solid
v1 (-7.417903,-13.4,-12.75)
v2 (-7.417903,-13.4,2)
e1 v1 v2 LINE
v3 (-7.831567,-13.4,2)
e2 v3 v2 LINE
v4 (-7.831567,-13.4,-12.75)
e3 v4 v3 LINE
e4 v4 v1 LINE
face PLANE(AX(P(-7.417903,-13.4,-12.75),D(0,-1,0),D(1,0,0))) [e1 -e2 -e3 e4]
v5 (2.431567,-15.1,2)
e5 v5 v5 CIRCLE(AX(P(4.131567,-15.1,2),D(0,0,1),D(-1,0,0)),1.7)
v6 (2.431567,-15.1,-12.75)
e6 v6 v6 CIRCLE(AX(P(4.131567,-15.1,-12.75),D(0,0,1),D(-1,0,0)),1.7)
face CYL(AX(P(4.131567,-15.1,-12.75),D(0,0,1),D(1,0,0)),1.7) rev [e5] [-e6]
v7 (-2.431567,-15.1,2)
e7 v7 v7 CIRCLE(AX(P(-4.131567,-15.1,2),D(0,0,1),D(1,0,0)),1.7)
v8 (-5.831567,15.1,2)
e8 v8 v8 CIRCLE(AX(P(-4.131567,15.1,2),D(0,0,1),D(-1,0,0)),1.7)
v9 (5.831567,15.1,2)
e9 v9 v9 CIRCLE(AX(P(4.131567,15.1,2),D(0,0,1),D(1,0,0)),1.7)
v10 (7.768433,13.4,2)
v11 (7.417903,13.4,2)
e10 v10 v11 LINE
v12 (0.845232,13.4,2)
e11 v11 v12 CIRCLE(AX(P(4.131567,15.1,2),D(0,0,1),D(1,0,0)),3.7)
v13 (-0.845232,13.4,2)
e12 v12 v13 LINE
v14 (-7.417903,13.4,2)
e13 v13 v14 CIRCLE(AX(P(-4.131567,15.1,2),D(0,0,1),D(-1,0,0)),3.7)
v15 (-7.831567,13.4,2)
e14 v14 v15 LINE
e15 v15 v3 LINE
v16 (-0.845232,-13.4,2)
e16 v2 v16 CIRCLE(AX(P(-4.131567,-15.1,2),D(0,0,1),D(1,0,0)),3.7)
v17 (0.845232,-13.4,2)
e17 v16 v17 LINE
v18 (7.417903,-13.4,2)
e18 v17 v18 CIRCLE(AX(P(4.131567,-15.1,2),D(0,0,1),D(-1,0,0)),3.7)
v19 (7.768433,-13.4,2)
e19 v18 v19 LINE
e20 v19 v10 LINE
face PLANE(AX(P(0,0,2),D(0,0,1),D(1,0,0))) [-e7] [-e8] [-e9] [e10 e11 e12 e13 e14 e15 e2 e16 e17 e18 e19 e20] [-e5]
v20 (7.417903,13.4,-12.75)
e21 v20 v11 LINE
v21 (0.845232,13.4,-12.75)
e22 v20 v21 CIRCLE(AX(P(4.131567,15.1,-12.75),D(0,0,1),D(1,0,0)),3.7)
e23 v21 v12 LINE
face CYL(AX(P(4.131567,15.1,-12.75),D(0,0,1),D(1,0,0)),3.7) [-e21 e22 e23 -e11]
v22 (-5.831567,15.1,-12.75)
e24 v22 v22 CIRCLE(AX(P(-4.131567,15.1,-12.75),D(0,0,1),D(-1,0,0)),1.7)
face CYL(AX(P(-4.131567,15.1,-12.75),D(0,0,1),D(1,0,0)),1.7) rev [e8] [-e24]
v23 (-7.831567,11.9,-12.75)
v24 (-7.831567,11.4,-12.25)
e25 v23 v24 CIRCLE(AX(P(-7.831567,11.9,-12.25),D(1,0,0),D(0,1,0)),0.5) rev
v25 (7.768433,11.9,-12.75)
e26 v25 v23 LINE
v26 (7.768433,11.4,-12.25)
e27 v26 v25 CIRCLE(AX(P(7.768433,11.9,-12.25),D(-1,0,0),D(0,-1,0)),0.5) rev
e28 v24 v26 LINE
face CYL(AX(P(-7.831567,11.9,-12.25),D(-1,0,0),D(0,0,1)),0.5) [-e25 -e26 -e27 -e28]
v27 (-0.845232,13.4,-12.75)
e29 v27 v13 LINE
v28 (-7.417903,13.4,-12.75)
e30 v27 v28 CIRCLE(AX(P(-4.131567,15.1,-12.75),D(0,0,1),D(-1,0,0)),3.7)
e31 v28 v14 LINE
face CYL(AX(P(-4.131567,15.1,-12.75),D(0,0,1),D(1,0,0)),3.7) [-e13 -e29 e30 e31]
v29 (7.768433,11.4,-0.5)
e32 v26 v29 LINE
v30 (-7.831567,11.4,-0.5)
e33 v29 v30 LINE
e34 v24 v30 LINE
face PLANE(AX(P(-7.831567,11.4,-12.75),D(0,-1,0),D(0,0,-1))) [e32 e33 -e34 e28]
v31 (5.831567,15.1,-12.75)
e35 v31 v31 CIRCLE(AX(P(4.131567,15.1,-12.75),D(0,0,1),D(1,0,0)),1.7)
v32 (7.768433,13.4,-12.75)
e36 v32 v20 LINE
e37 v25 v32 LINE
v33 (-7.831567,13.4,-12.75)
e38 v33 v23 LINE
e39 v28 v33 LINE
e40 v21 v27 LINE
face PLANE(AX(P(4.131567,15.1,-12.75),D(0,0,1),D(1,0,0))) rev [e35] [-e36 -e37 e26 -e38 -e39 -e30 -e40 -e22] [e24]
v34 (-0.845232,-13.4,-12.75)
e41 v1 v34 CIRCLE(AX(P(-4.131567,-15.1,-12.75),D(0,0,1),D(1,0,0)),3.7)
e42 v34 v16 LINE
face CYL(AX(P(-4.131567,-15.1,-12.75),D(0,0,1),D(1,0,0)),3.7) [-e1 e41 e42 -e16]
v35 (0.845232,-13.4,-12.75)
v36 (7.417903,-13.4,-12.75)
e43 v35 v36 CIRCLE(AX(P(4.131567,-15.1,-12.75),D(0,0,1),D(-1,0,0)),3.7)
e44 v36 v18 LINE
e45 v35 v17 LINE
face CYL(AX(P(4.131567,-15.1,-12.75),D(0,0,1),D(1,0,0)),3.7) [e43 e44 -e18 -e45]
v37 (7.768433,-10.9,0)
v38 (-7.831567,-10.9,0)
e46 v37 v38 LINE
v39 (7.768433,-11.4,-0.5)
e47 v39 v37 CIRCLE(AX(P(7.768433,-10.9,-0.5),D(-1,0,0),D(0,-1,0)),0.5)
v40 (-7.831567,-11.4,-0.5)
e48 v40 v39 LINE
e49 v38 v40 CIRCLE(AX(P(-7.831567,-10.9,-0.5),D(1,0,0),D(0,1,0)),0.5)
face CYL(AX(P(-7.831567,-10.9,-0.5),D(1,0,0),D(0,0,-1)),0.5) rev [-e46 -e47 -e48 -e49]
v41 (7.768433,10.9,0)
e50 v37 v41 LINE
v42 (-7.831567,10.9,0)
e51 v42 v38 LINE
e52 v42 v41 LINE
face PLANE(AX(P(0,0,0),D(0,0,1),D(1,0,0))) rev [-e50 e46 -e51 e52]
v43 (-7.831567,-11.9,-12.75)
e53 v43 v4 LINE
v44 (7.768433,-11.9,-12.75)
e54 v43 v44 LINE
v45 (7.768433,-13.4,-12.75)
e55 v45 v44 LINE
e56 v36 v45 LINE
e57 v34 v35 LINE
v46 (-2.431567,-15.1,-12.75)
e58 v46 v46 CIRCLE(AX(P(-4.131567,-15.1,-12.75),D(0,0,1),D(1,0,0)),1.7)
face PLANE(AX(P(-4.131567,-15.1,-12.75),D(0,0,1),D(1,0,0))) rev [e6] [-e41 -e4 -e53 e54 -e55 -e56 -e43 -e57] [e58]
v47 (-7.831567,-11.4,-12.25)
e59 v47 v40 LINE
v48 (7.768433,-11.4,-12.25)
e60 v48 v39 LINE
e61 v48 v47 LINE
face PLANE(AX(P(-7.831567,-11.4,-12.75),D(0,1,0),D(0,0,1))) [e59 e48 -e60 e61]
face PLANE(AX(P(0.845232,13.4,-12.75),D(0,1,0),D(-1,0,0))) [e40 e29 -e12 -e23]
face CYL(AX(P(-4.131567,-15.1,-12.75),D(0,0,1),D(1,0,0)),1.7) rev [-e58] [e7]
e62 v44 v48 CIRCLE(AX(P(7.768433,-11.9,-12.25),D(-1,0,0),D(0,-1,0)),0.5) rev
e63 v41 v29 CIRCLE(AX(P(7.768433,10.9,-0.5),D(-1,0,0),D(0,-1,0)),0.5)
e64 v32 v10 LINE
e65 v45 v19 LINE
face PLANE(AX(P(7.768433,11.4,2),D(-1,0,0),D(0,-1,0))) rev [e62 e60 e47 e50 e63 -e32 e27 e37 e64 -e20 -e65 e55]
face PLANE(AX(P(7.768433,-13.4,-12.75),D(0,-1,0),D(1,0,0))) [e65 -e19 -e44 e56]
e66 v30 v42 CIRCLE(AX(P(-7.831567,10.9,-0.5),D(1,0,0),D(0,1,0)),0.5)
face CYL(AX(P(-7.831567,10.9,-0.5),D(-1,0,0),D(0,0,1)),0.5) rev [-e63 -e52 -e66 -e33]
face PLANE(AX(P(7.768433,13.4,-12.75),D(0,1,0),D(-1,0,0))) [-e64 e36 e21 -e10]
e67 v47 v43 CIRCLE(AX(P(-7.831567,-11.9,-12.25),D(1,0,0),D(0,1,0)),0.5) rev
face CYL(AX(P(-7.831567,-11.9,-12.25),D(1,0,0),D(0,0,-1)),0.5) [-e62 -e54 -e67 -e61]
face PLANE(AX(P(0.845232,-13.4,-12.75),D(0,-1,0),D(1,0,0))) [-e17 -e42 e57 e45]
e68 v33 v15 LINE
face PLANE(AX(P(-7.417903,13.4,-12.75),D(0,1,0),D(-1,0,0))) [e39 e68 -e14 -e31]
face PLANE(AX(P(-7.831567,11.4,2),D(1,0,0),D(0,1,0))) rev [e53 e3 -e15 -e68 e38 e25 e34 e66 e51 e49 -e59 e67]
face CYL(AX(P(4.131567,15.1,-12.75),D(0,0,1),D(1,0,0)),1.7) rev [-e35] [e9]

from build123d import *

# Parameters (mm, degrees)
SCHIZZO1_W                   = 15.6
SCHIZZO1_H                   = 22.8
ESTRUSIONE_ESTRUSIONE1_DEPTH = 2
SCHIZZO7_R                   = 1.7
ESTRUSIONE_ESTRUSIONE8_DEPTH = 14.75
RACCORDO2_R                  = 0.5


with BuildPart() as part:
    # Schizzo1 → Estrusione-Estrusione1 (new body)
    with BuildSketch(Plane.XY):
        with Locations((-0.031567178, 0)):
            Rectangle(SCHIZZO1_W, SCHIZZO1_H)
    extrude(amount=ESTRUSIONE_ESTRUSIONE1_DEPTH)

    # Schizzo7 → Estrusione-Estrusione8 (add)
    # profile 1 of 2: a face of its own
    with BuildSketch(Plane.XY.offset(2)):
        with BuildLine():
            Line((7.768432822, 13.4), (7.417902523, 13.4))
            ThreePointArc((7.417902523, 13.4), (4.131567178, 18.8), (0.845231833, 13.4))
            Line((0.845231833, 13.4), (-0.845231833, 13.4))
            ThreePointArc((-0.845231833, 13.4), (-4.131567178, 18.8), (-7.417902523, 13.4))
            Line((-7.417902523, 13.4), (-7.831567178, 13.4))
            Line((-7.831567178, 13.4), (-7.831567178, 11.4))
            Line((-7.831567178, 11.4), (7.768432822, 11.4))
            Line((7.768432822, 11.4), (7.768432822, 13.4))
        make_face()
        with Locations((4.131567178, 15.1)):
            Circle(SCHIZZO7_R, mode=Mode.SUBTRACT)
        with Locations(Location((-4.131567178, 15.1, 0), (0, 0, 180))):
            Circle(SCHIZZO7_R, mode=Mode.SUBTRACT)
    # profile 2 of 2: a face of its own
    with BuildSketch(Plane.XY.offset(2)):
        with BuildLine():
            Line((0.845231833, -13.4), (-0.845231833, -13.4))
            ThreePointArc((-0.845231833, -13.4), (-4.131567178, -18.8), (-7.417902523, -13.4))
            Line((-7.417902523, -13.4), (-7.831567178, -13.4))
            Line((-7.831567178, -13.4), (-7.831567178, -11.4))
            Line((-7.831567178, -11.4), (7.768432822, -11.4))
            Line((7.768432822, -11.4), (7.768432822, -13.4))
            Line((7.768432822, -13.4), (7.417902523, -13.4))
            ThreePointArc((7.417902523, -13.4), (4.131567178, -18.8), (0.845231833, -13.4))
        make_face()
        with Locations((-4.131567178, -15.1)):
            Circle(SCHIZZO7_R, mode=Mode.SUBTRACT)
        with Locations(Location((4.131567178, -15.1, 0), (0, 0, 180))):
            Circle(SCHIZZO7_R, mode=Mode.SUBTRACT)
    extrude(amount=-ESTRUSIONE_ESTRUSIONE8_DEPTH)

    # Raccordo2
    raccordo2_edges = [part.edges().sort_by_distance(p)[0] for p in [
        (-0.031567178, 11.4, 0),
        (-0.031567178, 11.4, -12.75),
        (-0.031567178, -11.4, 0),
        (-0.031567178, -11.4, -12.75),
    ]]
    fillet(raccordo2_edges, radius=RACCORDO2_R)


solid = part.part
